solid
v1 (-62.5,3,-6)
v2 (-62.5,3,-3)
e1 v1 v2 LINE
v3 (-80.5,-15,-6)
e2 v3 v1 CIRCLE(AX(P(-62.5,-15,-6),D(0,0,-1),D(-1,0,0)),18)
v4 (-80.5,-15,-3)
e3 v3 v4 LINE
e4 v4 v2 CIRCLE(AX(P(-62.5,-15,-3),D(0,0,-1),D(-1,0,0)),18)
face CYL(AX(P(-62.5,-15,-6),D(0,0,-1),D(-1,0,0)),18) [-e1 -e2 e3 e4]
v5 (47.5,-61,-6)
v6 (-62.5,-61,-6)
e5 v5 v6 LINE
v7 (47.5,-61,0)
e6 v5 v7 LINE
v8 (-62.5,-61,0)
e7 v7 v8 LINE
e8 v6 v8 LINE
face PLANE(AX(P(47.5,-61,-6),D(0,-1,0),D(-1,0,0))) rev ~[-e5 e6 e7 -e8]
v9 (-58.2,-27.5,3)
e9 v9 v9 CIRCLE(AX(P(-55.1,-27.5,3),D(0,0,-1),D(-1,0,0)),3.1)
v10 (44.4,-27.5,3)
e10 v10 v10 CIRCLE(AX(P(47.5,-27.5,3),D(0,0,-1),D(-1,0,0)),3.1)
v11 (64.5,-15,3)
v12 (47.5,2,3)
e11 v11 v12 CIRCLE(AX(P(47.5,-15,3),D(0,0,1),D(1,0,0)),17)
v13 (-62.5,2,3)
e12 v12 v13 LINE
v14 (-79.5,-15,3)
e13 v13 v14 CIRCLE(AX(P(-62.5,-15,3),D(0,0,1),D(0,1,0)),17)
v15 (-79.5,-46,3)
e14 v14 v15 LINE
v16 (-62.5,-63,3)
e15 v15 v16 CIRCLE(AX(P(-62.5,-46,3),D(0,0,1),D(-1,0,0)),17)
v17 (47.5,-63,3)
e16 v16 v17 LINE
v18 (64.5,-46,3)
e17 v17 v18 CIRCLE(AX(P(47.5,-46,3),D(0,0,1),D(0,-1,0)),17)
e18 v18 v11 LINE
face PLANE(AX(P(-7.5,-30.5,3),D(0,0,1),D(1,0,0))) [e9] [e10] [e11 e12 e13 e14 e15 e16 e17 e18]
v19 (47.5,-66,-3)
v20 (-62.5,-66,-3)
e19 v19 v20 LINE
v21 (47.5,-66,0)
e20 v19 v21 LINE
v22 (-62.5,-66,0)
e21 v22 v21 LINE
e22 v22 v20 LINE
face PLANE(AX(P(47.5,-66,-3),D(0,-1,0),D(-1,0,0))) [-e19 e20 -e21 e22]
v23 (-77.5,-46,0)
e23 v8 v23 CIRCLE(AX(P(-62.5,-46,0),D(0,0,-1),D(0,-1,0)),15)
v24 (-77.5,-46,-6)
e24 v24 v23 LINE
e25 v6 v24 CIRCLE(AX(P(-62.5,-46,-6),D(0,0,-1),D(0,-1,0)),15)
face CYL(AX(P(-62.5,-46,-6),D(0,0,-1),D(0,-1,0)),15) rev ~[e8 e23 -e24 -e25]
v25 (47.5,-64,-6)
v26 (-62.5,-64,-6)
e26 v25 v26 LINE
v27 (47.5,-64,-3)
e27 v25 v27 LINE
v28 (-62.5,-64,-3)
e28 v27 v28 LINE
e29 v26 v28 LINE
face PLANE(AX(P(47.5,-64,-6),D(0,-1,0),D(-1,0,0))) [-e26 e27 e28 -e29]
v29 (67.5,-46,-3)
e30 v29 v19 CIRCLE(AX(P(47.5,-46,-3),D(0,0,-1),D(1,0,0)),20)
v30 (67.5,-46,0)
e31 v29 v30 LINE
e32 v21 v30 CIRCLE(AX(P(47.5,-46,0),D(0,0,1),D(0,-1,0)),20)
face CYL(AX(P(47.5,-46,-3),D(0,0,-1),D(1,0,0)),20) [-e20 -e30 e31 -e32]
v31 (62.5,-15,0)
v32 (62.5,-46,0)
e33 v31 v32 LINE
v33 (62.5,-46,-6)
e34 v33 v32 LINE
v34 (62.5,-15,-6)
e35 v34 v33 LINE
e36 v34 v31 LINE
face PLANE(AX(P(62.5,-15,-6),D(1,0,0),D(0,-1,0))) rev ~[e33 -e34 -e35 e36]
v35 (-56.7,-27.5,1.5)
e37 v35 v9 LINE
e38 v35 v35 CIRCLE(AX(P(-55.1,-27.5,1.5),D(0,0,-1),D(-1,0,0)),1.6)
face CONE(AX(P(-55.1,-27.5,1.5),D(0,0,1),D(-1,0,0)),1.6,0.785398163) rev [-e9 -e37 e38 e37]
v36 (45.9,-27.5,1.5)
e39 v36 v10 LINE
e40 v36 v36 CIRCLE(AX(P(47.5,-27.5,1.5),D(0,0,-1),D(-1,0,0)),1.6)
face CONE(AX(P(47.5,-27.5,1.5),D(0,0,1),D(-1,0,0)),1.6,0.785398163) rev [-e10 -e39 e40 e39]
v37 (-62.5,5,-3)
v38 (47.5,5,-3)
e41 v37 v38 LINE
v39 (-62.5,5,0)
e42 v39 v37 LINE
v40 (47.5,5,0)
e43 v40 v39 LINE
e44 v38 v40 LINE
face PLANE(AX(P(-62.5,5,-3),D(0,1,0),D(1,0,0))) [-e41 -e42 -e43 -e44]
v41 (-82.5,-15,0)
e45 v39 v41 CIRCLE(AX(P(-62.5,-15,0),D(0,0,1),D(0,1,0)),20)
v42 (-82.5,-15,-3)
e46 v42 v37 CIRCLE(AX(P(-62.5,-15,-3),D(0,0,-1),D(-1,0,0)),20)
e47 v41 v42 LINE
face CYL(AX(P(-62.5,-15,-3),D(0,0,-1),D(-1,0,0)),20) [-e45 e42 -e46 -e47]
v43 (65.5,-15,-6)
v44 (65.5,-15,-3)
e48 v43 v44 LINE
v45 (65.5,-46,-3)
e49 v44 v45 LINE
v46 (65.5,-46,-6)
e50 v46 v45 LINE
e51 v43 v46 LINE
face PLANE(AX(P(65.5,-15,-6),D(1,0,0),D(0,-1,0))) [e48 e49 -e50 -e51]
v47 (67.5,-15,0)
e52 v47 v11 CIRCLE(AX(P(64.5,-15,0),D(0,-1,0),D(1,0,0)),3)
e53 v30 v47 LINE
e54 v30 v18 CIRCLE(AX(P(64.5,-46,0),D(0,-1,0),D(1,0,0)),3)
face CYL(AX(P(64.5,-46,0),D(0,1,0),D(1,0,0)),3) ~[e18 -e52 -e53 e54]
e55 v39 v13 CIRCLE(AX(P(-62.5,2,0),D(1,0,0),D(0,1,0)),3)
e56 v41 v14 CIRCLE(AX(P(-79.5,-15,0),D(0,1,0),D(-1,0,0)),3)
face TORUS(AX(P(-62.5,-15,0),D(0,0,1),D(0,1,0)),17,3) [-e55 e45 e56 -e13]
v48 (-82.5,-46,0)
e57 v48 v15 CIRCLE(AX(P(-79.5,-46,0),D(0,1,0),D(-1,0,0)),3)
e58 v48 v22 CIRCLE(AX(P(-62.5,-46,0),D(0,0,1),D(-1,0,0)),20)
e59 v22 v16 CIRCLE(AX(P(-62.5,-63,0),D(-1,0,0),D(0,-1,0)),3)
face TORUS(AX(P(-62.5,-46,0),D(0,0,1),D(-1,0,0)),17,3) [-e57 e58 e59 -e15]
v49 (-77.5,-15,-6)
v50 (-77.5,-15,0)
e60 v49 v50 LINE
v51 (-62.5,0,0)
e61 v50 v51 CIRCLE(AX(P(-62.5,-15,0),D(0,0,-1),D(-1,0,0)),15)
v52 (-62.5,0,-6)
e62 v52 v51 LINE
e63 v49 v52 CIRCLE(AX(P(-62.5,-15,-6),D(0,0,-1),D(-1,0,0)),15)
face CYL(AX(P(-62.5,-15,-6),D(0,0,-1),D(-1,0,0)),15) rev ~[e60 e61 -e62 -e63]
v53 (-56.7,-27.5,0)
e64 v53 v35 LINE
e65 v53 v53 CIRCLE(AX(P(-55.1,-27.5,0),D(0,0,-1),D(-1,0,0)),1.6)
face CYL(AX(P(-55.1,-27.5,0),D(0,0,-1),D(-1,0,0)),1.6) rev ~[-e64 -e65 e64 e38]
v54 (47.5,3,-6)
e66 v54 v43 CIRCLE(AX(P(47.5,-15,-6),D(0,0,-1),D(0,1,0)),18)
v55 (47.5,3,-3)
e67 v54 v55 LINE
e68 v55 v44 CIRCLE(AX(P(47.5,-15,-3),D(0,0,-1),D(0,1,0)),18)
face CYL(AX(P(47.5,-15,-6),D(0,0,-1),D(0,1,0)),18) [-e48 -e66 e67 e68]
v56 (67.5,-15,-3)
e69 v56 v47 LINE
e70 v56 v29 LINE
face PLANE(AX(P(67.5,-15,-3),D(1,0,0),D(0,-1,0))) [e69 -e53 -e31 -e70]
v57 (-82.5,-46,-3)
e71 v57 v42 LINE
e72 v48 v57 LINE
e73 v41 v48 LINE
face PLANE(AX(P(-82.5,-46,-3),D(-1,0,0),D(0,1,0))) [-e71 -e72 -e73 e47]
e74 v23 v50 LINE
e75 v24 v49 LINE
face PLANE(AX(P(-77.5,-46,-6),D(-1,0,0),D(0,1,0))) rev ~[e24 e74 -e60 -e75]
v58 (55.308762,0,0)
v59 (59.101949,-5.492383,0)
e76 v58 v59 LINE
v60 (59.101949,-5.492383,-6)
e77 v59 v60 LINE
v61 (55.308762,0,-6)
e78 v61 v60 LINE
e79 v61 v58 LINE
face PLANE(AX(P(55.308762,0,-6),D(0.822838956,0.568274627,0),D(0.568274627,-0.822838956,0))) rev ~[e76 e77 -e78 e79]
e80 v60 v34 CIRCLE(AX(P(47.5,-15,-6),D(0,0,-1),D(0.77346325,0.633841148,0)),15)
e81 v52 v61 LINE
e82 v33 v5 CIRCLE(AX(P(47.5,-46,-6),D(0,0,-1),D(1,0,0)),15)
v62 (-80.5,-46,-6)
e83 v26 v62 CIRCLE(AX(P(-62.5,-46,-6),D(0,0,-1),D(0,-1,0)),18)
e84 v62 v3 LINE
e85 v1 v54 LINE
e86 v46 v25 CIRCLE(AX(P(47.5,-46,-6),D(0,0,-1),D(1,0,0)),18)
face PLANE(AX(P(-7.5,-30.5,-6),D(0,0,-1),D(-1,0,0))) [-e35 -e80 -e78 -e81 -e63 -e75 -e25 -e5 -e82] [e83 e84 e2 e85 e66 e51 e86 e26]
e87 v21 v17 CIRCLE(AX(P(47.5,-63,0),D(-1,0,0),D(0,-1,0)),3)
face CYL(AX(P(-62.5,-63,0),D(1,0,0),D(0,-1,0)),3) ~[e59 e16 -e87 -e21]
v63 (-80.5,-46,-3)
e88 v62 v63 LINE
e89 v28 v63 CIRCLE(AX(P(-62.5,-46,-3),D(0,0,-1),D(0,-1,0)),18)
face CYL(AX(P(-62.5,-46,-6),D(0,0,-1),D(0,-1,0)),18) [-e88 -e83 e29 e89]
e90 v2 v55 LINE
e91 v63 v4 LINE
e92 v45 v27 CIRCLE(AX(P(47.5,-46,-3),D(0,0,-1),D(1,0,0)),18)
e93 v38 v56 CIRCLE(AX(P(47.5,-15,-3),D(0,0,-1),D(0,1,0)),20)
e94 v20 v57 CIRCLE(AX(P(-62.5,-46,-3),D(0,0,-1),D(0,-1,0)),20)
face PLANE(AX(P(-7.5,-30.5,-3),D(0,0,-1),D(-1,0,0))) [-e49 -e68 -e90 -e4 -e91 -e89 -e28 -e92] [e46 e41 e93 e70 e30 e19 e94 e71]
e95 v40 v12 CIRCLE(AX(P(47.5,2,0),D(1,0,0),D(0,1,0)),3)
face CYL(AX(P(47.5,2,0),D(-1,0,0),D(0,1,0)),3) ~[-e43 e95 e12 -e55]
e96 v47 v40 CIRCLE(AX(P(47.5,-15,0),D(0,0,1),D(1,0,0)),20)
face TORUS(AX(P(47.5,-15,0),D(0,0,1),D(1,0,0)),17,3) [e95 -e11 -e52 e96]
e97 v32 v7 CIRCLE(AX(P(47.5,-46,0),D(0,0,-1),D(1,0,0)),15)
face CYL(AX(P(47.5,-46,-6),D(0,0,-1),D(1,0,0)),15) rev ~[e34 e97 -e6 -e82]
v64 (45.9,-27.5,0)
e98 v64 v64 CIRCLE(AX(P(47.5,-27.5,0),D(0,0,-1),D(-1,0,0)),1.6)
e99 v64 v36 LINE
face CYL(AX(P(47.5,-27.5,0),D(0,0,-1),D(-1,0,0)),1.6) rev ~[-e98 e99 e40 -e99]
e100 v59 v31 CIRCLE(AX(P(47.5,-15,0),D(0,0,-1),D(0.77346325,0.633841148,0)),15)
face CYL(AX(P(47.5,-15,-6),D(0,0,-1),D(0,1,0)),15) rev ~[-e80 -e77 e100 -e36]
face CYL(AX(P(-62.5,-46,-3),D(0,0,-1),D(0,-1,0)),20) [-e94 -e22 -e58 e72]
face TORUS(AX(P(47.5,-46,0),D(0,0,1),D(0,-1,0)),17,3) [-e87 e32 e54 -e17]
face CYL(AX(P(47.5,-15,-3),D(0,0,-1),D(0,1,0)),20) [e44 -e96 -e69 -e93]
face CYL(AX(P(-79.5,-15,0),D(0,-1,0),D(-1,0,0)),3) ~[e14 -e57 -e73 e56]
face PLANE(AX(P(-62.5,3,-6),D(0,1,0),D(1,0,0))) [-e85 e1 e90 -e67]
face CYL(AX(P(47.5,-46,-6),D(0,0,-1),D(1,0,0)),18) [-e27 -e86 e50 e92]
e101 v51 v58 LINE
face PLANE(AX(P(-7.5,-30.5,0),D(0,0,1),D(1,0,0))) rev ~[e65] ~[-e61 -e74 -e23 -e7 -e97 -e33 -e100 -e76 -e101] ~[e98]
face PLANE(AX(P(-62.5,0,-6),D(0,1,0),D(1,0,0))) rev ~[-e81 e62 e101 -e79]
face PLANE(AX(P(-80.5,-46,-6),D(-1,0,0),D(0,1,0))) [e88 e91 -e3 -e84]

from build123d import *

# Parameters (mm, degrees)
BOSS_EXTRUDE1_DEPTH = 3
BOSS_EXTRUDE2_START = 3
BOSS_EXTRUDE2_DEPTH = 3
FILLET1_R           = 3
BOSS_EXTRUDE3_START = 6
BOSS_EXTRUDE3_DEPTH = 6
SKETCH4_R           = 1.6
CUT_EXTRUDE1_DEPTH  = 3
CHAMFER1_SIZE       = 1.5
CUT_EXTRUDE2_DEPTH  = 6


with BuildPart() as part:
    # Sketch1 → Boss-Extrude1 (new body)
    with BuildSketch(Plane.XY):
        with BuildLine():
            Line((67.5, -46), (67.5, -15))
            ThreePointArc((67.5, -15), (61.642135624, -0.857864376), (47.5, 5))
            Line((47.5, 5), (-62.5, 5))
            ThreePointArc((-62.5, 5), (-76.642135624, -0.857864376), (-82.5, -15))
            Line((-82.5, -15), (-82.5, -46))
            ThreePointArc((-82.5, -46), (-76.642135624, -60.142135624), (-62.5, -66))
            Line((-62.5, -66), (47.5, -66))
            ThreePointArc((47.5, -66), (61.642135624, -60.142135624), (67.5, -46))
        make_face()
    extrude(amount=BOSS_EXTRUDE1_DEPTH)

    # Sketch2 → Boss-Extrude2 (add)
    with BuildSketch(Plane(origin=(0, 0, 0), x_dir=(-1, 0, 0), z_dir=(0, 0, -1)).offset(BOSS_EXTRUDE2_START)):
        with BuildLine():
            Line((-47.5, -66), (62.5, -66))
            ThreePointArc((62.5, -66), (76.642135624, -60.142135624), (82.5, -46))
            Line((82.5, -46), (82.5, -15))
            ThreePointArc((82.5, -15), (76.642135624, -0.857864376), (62.5, 5))
            Line((62.5, 5), (-47.5, 5))
            ThreePointArc((-47.5, 5), (-61.642135624, -0.857864376), (-67.5, -15))
            Line((-67.5, -15), (-67.5, -46))
            ThreePointArc((-67.5, -46), (-61.642135624, -60.142135624), (-47.5, -66))
        make_face()
        with BuildLine():
            Line((-47.5, -64), (62.5, -64))
            ThreePointArc((62.5, -64), (75.227922061, -58.727922061), (80.5, -46))
            Line((80.5, -46), (80.5, -15))
            ThreePointArc((80.5, -15), (75.227922061, -2.272077939), (62.5, 3))
            Line((62.5, 3), (-47.5, 3))
            ThreePointArc((-47.5, 3), (-60.227922061, -2.272077939), (-65.5, -15))
            Line((-65.5, -15), (-65.5, -46))
            ThreePointArc((-65.5, -46), (-60.227922061, -58.727922061), (-47.5, -64))
        make_face(mode=Mode.SUBTRACT)
    extrude(amount=-BOSS_EXTRUDE2_DEPTH)

    # Fillet1
    fillet1_edges = [part.edges().sort_by_distance(p)[0] for p in [
        (61.642135624, -0.857864376, 3),
        (-7.5, 5, 3),
        (-76.642135624, -0.857864376, 3),
        (-82.5, -30.5, 3),
        (-76.642135624, -60.142135624, 3),
        (-7.5, -66, 3),
        (61.642135624, -60.142135624, 3),
        (67.5, -30.5, 3),
    ]]
    fillet(fillet1_edges, radius=FILLET1_R)

    # Sketch3 → Boss-Extrude3 (add)
    with BuildSketch(Plane(origin=(0, 0, 0), x_dir=(-1, 0, 0), z_dir=(0, 0, -1)).offset(BOSS_EXTRUDE3_START)):
        with BuildLine():
            Line((-65.5, -15), (-65.5, -46))
            ThreePointArc((-65.5, -46), (-60.227922061, -58.727922061), (-47.5, -64))
            Line((-47.5, -64), (62.5, -64))
            ThreePointArc((62.5, -64), (75.227922061, -58.727922061), (80.5, -46))
            Line((80.5, -46), (80.5, -15))
            ThreePointArc((80.5, -15), (75.227922061, -2.272077939), (62.5, 3))
            Line((62.5, 3), (-47.5, 3))
            ThreePointArc((-47.5, 3), (-60.227922061, -2.272077939), (-65.5, -15))
        make_face()
        with BuildLine():
            Line((-62.5, -15), (-62.5, -46))
            ThreePointArc((-62.5, -46), (-58.106601718, -56.606601718), (-47.5, -61))
            Line((-47.5, -61), (62.5, -61))
            ThreePointArc((62.5, -61), (73.106601718, -56.606601718), (77.5, -46))
            Line((77.5, -46), (77.5, -15))
            ThreePointArc((77.5, -15), (73.106601718, -4.393398282), (62.5, 0))
            Line((62.5, 0), (-47.5, 0))
            ThreePointArc((-47.5, 0), (-58.106601718, -4.393398282), (-62.5, -15))
        make_face(mode=Mode.SUBTRACT)
    extrude(amount=-BOSS_EXTRUDE3_DEPTH)

    # Sketch4 → Cut-Extrude1 (cut)
    with BuildSketch(Plane(origin=(0, 0, 0), x_dir=(-1, 0, 0), z_dir=(0, 0, -1))):
        with Locations((-47.5, -27.5)):
            Circle(SKETCH4_R)
        with Locations((55.1, -27.5)):
            Circle(SKETCH4_R)
    extrude(amount=-CUT_EXTRUDE1_DEPTH, mode=Mode.SUBTRACT)

    # Chamfer1
    chamfer1_edges = [part.edges().sort_by_distance(p)[0] for p in [
        (49.1, -27.5, 3),
        (-53.5, -27.5, 3),
    ]]
    chamfer(chamfer1_edges, length=CHAMFER1_SIZE)

    # Sketch5 → Cut-Extrude2 (cut)
    with BuildSketch(Plane(origin=(0, 0, -6), x_dir=(-1, 0, 0), z_dir=(0, 0, -1))):
        Polygon((-44.433816438, 0), (-55.308762061, 0), (-60.500068825, -7.51680479), align=None)
    extrude(amount=-CUT_EXTRUDE2_DEPTH, mode=Mode.SUBTRACT)


solid = part.part
